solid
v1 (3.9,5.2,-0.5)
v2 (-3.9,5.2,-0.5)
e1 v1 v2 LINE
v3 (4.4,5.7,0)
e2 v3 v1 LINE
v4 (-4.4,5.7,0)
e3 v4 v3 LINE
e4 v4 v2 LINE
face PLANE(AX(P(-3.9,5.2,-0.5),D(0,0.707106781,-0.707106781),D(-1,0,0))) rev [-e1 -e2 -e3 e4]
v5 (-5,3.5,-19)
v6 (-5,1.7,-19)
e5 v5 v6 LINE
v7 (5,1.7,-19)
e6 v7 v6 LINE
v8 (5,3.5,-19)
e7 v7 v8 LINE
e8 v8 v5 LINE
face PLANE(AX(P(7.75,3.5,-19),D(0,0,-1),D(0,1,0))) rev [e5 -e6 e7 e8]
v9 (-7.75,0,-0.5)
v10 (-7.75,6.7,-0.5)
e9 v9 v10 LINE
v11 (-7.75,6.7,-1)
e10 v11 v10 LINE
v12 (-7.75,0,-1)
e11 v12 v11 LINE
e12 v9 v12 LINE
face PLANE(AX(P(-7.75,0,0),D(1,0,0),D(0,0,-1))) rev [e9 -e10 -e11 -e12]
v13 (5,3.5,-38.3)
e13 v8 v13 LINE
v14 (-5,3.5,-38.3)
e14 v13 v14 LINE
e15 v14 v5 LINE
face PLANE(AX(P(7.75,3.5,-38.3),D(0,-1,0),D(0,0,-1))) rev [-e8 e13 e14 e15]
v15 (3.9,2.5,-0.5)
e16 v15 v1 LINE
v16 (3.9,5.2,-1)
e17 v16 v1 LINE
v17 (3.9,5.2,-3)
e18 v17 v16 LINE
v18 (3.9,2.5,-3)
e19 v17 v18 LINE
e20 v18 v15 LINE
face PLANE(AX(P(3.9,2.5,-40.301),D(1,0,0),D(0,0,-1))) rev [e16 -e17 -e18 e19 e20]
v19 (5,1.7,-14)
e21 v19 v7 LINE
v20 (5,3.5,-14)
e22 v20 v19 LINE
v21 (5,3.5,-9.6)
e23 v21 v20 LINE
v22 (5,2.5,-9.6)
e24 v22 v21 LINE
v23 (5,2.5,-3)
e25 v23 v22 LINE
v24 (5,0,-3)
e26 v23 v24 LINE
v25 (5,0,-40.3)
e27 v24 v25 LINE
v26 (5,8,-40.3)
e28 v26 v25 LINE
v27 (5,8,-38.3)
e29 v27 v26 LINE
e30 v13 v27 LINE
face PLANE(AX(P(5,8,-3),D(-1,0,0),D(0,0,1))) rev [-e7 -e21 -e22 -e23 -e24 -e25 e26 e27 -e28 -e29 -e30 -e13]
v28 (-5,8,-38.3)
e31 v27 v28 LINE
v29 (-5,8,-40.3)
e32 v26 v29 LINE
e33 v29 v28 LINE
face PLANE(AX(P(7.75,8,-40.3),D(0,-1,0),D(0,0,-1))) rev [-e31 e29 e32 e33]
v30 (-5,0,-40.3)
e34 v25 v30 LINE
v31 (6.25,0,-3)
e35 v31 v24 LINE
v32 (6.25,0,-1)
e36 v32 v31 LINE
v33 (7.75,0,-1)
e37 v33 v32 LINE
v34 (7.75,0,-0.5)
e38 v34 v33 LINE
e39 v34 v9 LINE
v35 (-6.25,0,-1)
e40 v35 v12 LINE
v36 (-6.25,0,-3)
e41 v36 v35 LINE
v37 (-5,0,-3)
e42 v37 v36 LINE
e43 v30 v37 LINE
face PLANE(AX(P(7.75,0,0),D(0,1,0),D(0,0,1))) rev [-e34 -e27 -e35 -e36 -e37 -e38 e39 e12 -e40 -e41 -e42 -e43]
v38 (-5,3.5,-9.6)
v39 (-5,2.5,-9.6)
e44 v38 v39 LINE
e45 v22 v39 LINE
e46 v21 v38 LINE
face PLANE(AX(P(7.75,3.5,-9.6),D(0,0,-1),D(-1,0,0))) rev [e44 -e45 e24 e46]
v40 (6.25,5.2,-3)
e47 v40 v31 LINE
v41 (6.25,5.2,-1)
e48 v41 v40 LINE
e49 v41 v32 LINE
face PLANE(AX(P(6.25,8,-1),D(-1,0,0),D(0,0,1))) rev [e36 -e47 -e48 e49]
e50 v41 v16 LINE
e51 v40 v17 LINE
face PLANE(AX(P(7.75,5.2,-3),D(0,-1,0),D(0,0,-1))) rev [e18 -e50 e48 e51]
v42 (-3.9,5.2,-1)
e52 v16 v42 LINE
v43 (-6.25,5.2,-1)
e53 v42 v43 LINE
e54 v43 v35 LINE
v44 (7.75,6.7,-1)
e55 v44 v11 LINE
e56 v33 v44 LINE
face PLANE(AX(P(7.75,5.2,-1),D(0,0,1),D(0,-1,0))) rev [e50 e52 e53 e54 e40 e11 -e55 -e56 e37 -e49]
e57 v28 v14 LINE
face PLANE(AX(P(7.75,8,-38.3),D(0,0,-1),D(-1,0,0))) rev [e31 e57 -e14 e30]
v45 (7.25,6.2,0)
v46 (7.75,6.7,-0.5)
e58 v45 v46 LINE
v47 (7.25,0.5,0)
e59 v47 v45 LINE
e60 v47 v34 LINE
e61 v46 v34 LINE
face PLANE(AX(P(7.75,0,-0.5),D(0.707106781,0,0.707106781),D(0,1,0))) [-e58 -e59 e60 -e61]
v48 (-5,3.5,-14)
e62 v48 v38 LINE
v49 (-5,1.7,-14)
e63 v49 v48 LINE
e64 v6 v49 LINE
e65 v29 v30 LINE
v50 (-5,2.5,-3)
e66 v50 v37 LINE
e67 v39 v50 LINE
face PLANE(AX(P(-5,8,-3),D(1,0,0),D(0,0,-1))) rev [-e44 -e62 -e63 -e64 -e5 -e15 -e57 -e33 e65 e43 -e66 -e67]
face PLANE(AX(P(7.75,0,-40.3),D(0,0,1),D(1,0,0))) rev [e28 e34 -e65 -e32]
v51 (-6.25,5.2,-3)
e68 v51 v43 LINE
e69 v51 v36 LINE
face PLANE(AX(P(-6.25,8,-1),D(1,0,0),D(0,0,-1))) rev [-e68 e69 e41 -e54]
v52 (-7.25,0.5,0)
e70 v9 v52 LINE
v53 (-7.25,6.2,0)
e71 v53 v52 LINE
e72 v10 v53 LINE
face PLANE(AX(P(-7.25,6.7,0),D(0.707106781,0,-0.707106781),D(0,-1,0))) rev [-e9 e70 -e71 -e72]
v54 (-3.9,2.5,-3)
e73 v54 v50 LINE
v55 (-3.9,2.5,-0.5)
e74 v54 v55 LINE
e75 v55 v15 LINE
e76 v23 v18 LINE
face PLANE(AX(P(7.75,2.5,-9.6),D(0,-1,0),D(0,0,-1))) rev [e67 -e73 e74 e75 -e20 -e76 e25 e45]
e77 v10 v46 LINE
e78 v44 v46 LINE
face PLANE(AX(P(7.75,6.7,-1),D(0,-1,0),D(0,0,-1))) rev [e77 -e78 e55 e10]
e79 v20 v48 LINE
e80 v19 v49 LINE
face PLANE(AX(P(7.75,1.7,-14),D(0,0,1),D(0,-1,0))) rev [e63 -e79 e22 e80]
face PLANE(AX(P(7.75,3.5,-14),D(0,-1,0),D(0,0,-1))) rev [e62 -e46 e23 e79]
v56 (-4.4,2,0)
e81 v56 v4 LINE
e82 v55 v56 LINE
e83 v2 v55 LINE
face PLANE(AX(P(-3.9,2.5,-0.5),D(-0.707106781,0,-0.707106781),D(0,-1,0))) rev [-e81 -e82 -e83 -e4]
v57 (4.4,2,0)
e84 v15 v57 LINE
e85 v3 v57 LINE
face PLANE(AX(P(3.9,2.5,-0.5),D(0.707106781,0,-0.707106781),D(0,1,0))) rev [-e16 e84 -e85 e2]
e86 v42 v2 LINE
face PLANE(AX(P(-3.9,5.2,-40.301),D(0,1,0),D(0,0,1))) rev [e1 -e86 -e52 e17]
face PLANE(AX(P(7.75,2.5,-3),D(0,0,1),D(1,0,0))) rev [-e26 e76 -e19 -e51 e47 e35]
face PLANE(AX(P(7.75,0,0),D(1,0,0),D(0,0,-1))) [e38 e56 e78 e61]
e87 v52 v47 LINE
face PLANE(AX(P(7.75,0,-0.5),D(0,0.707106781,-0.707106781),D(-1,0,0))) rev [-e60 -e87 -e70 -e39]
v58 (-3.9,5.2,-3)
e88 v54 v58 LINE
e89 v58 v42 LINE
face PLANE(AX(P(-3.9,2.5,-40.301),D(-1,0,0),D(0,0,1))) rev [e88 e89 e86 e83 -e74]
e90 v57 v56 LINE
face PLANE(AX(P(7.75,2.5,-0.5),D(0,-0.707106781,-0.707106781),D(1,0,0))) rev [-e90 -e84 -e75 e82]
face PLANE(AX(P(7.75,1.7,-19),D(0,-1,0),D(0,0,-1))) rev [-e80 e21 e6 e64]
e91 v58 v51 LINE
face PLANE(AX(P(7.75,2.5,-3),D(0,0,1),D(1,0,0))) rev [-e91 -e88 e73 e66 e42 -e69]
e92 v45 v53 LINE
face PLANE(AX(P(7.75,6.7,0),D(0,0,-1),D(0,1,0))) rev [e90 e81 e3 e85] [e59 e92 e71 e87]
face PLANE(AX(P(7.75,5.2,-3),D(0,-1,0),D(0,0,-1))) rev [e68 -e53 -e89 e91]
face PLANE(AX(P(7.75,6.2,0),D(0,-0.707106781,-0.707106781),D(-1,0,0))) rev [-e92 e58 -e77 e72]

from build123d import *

# Parameters (mm, degrees)
BOSS_EXTRUDE1_DEPTH     = 7.75
CUT_EXTRUDE_THIN1_DEPTH = 42.810913647
CUT_EXTRUDE1_REACH      = 43.811
SKETCH3_W               = 7.8
SKETCH3_H               = 2.7
CHAMFER1_SIZE           = 0.5


with BuildPart() as part:
    # Sketch1 → Boss-Extrude1 (new, symmetric)
    with BuildSketch(Plane(origin=(0, 0, 0), x_dir=(0, 0, -1), z_dir=(1, 0, 0))):
        Polygon((0, 0), (40.3, 0), (40.3, 8), (38.3, 8), (38.3, 3.5), (19, 3.5), (19, 1.7), (14, 1.7), (14, 3.5), (9.6, 3.5), (9.6, 2.5), (3, 2.5), (3, 5.2), (1, 5.2), (1, 6.7), (0, 6.7), align=None)
    extrude(amount=BOSS_EXTRUDE1_DEPTH, both=True)

    # Sketch2 → Cut-Extrude-Thin1 (cut, through all)
    with BuildSketch(Plane(origin=(0, 0, 0), x_dir=(1, 0, 0), z_dir=(0, 1, 0))):
        Polygon((-17.75, -10), (17.75, -10), (17.75, 11), (16.25, 11), (16.25, 13), (15, 13), (15, 50.3), (-15, 50.3), (-15, 13), (-16.25, 13), (-16.25, 11), (-17.75, 11), align=None)
        Polygon((-7.75, 0), (7.75, 0), (7.75, 1), (6.25, 1), (6.25, 3), (5, 3), (5, 40.3), (-5, 40.3), (-5, 3), (-6.25, 3), (-6.25, 1), (-7.75, 1), align=None, mode=Mode.SUBTRACT)
    extrude(amount=CUT_EXTRUDE_THIN1_DEPTH, mode=Mode.SUBTRACT)

    # Sketch3 → Cut-Extrude1 (cut, up to next)
    with BuildSketch(Plane.XY, mode=Mode.PRIVATE) as cut_extrude1_sk1:
        with Locations((0, 3.85)):
            Rectangle(SKETCH3_W, SKETCH3_H)
    cut_extrude1_tool1 = extrude(cut_extrude1_sk1.sketch, amount=-CUT_EXTRUDE1_REACH, mode=Mode.PRIVATE) & part.part
    add(cut_extrude1_tool1.solids().sort_by_distance((0, 3.85, 0))[0], mode=Mode.SUBTRACT)

    # Chamfer1
    chamfer1_edges = [part.edges().sort_by_distance(p)[0] for p in [
        (-3.9, 3.85, 0),
        (0, 2.5, 0),
        (3.9, 3.85, 0),
        (0, 5.2, 0),
        (-7.75, 3.35, 0),
        (0, 6.7, 0),
        (0, 0, 0),
        (7.75, 3.35, 0),
    ]]
    chamfer(chamfer1_edges, length=CHAMFER1_SIZE)


solid = part.part
